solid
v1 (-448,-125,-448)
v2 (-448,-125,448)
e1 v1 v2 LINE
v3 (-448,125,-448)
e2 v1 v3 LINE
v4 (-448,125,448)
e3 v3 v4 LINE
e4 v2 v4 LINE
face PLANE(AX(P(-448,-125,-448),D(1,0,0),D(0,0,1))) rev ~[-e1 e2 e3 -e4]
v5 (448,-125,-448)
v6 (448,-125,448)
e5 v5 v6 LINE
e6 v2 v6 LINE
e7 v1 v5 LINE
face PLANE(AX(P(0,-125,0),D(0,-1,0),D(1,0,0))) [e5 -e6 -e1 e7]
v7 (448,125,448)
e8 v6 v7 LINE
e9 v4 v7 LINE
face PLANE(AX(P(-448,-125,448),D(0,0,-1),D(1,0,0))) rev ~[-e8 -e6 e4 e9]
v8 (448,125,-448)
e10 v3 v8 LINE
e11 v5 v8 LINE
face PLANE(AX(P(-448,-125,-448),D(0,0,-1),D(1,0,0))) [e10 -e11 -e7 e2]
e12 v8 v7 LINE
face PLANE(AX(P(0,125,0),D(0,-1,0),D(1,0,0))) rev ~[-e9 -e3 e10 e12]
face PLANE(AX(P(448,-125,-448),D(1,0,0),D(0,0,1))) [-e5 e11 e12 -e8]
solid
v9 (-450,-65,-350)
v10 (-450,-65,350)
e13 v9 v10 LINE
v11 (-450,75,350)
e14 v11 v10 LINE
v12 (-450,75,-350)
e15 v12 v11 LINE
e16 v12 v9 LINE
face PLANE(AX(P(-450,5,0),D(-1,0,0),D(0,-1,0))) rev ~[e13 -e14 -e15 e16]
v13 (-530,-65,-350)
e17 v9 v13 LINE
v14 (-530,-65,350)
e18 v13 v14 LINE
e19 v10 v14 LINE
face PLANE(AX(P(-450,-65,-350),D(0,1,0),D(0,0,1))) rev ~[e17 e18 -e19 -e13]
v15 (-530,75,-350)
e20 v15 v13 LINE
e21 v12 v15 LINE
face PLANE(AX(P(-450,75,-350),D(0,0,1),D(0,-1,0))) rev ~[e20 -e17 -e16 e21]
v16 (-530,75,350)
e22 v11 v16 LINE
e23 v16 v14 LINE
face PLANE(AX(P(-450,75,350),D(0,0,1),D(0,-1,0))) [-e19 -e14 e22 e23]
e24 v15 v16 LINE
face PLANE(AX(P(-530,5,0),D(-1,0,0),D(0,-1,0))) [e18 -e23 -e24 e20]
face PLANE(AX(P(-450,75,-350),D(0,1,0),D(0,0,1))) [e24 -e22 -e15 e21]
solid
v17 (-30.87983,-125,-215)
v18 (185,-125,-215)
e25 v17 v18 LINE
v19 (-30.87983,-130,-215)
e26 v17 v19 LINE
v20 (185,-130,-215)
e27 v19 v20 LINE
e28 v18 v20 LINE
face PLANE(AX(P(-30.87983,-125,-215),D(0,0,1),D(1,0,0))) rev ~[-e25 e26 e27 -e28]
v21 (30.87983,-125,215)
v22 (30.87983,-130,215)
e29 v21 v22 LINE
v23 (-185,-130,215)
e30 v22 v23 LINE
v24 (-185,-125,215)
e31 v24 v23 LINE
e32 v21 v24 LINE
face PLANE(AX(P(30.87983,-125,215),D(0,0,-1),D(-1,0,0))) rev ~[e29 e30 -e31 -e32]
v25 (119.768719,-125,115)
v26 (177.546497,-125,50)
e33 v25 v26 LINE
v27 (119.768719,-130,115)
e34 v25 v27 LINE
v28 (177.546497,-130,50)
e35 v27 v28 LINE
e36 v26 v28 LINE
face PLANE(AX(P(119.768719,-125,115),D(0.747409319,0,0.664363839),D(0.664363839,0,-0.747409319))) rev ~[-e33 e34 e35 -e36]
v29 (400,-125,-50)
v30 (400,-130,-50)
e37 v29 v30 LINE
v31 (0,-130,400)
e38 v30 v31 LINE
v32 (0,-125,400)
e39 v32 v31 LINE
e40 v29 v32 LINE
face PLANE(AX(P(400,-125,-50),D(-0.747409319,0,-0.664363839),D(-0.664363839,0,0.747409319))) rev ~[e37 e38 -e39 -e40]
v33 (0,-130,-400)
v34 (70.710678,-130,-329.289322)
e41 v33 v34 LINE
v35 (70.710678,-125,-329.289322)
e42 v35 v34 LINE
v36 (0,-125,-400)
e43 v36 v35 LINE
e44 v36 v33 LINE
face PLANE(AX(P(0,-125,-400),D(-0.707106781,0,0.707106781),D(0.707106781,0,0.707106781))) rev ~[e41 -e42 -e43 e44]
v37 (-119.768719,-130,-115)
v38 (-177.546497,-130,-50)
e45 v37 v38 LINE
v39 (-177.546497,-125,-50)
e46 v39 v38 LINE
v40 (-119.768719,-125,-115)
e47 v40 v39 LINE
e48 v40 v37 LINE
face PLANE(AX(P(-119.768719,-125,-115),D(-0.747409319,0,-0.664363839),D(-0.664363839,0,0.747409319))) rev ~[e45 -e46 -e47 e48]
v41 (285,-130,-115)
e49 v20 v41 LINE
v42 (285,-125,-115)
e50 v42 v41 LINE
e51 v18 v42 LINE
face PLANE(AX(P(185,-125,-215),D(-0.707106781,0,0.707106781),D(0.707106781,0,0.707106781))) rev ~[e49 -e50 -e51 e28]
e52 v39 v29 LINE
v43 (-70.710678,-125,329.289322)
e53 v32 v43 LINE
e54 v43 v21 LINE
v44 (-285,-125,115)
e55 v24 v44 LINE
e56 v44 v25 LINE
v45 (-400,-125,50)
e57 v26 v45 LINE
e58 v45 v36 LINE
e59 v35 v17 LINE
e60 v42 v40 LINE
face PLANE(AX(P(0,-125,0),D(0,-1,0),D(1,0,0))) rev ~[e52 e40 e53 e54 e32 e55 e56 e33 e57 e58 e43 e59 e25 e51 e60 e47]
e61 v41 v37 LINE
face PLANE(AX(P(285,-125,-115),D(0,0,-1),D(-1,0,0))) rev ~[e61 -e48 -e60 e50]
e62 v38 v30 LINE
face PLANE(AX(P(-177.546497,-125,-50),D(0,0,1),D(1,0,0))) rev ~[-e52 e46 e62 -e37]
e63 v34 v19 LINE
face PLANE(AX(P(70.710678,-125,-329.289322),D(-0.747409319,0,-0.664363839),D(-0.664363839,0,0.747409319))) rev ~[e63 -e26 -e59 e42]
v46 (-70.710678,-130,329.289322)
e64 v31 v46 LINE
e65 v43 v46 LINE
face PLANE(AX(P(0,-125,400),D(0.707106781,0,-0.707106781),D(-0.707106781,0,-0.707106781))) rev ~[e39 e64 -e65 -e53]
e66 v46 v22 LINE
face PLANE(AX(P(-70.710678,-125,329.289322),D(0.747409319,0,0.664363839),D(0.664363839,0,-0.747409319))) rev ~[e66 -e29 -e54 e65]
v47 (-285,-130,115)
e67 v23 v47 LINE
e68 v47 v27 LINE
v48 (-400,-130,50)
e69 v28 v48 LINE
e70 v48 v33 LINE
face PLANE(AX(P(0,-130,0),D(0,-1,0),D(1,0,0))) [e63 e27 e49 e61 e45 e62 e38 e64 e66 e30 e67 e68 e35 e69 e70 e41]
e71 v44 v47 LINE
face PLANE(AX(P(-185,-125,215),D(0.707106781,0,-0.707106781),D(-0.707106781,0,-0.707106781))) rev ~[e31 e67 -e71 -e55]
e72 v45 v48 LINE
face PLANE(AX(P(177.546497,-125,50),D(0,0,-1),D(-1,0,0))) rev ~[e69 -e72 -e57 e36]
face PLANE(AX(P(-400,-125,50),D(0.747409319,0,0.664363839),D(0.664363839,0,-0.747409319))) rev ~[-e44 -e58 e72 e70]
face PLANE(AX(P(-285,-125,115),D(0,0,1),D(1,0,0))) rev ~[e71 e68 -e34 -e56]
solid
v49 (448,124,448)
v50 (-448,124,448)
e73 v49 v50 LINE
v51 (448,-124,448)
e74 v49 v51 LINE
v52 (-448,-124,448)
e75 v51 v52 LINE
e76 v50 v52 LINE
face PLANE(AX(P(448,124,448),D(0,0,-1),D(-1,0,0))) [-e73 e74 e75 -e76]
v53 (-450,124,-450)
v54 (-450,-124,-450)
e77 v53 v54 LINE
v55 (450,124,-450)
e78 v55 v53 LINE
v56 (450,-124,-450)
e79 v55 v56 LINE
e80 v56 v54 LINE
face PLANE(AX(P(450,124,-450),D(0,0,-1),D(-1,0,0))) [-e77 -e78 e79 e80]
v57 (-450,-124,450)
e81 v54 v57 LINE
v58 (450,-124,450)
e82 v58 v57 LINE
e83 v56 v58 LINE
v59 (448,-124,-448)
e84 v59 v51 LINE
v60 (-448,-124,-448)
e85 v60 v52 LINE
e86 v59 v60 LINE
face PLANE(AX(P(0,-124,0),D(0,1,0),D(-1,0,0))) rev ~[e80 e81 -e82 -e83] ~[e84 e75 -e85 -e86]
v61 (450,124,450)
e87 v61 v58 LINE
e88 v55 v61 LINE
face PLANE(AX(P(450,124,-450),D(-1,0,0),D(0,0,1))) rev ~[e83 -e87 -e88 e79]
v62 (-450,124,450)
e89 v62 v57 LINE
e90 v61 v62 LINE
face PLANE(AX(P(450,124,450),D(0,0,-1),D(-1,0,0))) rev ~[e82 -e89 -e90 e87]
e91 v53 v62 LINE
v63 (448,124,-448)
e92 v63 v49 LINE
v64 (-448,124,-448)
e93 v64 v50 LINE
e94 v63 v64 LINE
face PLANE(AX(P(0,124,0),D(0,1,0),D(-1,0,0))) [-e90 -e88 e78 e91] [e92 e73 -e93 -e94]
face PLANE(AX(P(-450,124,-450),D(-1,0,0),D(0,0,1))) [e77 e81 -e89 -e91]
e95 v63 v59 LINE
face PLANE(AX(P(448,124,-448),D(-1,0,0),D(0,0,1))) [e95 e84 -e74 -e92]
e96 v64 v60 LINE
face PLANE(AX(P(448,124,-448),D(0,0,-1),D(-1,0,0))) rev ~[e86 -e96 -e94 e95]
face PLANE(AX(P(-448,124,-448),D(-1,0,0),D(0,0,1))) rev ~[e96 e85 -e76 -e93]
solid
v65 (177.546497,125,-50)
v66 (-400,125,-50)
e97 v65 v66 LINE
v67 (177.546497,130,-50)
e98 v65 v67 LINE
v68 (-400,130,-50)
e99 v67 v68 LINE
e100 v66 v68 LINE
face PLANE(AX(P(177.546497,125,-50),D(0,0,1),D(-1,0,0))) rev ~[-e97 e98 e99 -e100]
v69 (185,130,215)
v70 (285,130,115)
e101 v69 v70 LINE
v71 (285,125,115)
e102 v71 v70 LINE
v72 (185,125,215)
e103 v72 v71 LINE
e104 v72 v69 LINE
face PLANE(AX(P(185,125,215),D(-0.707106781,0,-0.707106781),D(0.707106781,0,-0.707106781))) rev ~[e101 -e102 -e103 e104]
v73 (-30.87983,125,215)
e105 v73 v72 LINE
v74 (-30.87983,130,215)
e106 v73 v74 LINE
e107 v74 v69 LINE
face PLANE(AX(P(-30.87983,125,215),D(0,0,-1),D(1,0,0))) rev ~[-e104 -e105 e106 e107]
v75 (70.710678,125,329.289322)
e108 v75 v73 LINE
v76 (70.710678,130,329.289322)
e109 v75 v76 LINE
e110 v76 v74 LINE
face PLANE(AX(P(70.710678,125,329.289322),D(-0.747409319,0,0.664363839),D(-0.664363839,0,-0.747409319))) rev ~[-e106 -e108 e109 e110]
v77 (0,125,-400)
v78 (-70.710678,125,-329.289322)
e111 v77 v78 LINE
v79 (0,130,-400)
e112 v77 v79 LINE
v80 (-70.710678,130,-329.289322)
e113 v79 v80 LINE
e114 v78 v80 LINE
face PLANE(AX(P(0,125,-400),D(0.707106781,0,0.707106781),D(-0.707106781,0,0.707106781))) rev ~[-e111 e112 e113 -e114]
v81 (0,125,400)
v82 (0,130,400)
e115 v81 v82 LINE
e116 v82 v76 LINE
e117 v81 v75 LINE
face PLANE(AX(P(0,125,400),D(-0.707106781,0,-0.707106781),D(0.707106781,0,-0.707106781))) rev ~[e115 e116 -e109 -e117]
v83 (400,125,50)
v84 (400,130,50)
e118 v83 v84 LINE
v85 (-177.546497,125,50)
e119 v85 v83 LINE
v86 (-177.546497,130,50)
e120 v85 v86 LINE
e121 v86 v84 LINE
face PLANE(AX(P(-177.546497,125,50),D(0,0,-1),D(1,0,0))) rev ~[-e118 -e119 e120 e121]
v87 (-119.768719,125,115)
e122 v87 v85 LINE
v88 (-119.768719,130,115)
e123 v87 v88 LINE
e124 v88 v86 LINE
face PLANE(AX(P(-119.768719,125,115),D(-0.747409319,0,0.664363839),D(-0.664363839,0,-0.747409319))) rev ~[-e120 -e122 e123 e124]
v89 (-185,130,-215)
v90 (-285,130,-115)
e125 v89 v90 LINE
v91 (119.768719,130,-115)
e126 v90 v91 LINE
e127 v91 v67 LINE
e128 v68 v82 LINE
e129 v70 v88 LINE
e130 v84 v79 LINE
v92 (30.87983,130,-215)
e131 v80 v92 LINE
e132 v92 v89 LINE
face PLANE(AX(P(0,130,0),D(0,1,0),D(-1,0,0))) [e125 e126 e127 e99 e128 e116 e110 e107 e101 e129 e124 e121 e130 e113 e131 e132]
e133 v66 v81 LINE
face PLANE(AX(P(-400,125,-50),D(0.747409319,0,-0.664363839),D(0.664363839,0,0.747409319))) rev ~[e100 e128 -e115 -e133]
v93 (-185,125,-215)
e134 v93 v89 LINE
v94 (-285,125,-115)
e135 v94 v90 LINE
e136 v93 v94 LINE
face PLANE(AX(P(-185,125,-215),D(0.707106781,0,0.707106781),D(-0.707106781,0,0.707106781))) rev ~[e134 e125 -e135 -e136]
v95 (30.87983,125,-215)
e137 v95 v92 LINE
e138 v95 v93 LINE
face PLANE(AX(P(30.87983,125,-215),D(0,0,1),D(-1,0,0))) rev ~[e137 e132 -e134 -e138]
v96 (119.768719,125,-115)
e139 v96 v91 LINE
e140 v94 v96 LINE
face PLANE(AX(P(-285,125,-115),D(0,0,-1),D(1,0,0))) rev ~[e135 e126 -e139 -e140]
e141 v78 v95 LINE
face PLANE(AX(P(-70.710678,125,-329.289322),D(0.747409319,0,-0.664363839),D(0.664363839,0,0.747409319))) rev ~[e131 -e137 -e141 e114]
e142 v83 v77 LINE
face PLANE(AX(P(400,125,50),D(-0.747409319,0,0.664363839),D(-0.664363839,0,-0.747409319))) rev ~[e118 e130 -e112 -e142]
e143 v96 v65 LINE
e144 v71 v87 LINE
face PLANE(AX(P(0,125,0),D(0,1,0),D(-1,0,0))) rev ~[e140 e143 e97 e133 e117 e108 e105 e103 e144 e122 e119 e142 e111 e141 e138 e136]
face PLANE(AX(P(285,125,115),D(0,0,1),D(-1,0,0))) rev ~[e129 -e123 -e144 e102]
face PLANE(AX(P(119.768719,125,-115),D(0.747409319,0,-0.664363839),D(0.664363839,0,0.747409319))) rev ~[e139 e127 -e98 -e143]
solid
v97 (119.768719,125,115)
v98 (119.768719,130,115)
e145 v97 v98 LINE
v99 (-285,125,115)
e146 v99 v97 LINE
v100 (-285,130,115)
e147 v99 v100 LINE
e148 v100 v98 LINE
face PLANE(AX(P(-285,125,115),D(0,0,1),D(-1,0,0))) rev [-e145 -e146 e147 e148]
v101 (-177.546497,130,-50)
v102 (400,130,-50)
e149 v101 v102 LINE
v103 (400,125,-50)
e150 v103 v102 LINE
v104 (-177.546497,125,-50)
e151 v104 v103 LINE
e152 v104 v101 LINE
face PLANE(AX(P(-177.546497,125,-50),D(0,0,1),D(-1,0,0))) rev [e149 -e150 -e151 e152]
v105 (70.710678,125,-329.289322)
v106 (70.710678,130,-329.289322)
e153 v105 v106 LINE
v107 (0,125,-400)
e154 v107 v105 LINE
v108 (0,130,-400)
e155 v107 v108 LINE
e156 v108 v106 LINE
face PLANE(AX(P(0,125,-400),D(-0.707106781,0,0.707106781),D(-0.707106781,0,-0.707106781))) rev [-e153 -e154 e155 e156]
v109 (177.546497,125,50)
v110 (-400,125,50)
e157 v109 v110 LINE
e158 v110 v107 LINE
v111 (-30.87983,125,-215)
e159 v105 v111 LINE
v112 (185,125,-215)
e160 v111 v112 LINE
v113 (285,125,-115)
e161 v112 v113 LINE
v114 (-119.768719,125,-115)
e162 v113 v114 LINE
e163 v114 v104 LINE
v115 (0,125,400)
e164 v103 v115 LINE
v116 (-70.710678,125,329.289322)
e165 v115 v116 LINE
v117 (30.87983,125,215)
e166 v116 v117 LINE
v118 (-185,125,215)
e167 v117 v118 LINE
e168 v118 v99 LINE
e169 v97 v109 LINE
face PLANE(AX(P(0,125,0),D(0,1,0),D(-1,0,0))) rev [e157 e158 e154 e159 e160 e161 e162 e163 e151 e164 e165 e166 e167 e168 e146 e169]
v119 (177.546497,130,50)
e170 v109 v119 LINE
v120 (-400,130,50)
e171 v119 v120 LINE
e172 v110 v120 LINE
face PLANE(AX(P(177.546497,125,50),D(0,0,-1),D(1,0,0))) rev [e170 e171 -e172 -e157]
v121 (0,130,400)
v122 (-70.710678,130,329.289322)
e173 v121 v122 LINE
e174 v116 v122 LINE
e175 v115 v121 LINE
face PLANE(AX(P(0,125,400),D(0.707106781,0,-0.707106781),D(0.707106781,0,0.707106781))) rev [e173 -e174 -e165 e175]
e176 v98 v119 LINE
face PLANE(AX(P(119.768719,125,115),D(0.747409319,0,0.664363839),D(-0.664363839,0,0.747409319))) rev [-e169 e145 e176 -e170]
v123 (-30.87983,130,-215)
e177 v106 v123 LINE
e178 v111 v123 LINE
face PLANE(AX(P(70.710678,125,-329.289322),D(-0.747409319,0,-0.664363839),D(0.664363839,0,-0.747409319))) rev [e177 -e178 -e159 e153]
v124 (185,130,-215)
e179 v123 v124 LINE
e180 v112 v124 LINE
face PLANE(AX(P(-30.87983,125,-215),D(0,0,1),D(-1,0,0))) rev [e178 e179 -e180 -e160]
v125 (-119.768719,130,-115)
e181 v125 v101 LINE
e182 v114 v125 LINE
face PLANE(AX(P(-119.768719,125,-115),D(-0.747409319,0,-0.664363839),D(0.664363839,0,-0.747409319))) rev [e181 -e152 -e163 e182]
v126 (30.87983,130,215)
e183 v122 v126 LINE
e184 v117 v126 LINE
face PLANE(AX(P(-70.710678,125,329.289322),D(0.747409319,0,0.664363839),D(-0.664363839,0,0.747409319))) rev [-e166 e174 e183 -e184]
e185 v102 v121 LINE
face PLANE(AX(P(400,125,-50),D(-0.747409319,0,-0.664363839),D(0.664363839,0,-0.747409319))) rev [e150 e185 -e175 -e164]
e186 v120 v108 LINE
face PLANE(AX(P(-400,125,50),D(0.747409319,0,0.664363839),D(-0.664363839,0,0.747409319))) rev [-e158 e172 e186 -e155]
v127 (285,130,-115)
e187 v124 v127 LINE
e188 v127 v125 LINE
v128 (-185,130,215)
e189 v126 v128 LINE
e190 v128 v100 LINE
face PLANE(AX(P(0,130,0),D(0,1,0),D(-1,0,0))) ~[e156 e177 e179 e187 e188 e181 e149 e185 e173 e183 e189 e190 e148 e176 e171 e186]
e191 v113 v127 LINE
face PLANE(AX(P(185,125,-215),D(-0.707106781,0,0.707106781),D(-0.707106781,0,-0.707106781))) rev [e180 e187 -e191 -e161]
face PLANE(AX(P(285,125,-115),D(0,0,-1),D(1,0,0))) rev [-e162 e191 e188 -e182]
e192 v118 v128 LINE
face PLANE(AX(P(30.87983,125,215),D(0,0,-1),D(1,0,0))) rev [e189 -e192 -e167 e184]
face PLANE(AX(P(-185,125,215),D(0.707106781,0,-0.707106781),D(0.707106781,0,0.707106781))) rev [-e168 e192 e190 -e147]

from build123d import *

# Parameters (mm, degrees)
F0_W      = 900
F0_H      = 900
F1_DEPTH  = 125
F3_DEPTH  = 5
F6_W      = 900
F6_H      = 900
F6_W_2    = 896
F6_H_2    = 896
F7_DEPTH  = 255.001
F9_W      = 900
F9_H      = 900
F9_W_2    = 896
F9_H_2    = 896
F10_DEPTH = 248
F11_W     = 140
F11_H     = 700
F12_DEPTH = 80


with BuildPart() as f1:
    # F0 (on Front) → F1 (new body, symmetric)
    with BuildSketch(Plane.XZ):
        Rectangle(F0_W, F0_H)
    extrude(amount=F1_DEPTH, both=True)

    # F6 (on face) → F7 (cut, through all)
    with BuildSketch(Plane.XZ.offset(125)):
        Rectangle(F6_W, F6_H)
        Rectangle(F6_W_2, F6_H_2, mode=Mode.SUBTRACT)
    extrude(amount=-F7_DEPTH, mode=Mode.SUBTRACT)


with BuildPart() as f3:
    # F2 (on face) → F3 (new body)
    with BuildSketch(Plane.XZ.offset(125)):
        Polygon((-400, 50), (0, -400), (70.7106781187, -329.2893218813), (-30.8798302203, -215), (185, -215), (285, -115), (-119.7687191092, -115), (-177.546496887, -50), (400, -50), (0, 400), (-70.7106781187, 329.2893218813), (30.8798302203, 215), (-185, 215), (-285, 115), (119.7687191092, 115), (177.546496887, 50), align=None)
    extrude(amount=F3_DEPTH)


with BuildPart() as f4_1:
    # F4: instance of F3
    add(f3.part.mirror(Plane.XZ))


with BuildPart() as f5_1:
    # F5: instance of F4_1
    add(f4_1.part.mirror(Plane.YZ))


with BuildPart() as f10:
    # F9 (on offset) → F10 (new body)
    with BuildSketch(Plane(origin=(0, 124, 0), x_dir=(-1, 0, 0), z_dir=(0, 1, 0))):
        Rectangle(F9_W, F9_H)
        Rectangle(F9_W_2, F9_H_2, mode=Mode.SUBTRACT)
    extrude(amount=-F10_DEPTH)


with BuildPart() as f12:
    # F11 (on face) → F12 (new body)
    with BuildSketch(Plane(origin=(-450, 0, 0), x_dir=(0, -1, 0), z_dir=(-1, 0, 0))):
        with Locations((-5, 0)):
            Rectangle(F11_W, F11_H)
    extrude(amount=F12_DEPTH)


solid = Compound([f1.part, f3.part, f4_1.part, f5_1.part, f10.part, f12.part])
